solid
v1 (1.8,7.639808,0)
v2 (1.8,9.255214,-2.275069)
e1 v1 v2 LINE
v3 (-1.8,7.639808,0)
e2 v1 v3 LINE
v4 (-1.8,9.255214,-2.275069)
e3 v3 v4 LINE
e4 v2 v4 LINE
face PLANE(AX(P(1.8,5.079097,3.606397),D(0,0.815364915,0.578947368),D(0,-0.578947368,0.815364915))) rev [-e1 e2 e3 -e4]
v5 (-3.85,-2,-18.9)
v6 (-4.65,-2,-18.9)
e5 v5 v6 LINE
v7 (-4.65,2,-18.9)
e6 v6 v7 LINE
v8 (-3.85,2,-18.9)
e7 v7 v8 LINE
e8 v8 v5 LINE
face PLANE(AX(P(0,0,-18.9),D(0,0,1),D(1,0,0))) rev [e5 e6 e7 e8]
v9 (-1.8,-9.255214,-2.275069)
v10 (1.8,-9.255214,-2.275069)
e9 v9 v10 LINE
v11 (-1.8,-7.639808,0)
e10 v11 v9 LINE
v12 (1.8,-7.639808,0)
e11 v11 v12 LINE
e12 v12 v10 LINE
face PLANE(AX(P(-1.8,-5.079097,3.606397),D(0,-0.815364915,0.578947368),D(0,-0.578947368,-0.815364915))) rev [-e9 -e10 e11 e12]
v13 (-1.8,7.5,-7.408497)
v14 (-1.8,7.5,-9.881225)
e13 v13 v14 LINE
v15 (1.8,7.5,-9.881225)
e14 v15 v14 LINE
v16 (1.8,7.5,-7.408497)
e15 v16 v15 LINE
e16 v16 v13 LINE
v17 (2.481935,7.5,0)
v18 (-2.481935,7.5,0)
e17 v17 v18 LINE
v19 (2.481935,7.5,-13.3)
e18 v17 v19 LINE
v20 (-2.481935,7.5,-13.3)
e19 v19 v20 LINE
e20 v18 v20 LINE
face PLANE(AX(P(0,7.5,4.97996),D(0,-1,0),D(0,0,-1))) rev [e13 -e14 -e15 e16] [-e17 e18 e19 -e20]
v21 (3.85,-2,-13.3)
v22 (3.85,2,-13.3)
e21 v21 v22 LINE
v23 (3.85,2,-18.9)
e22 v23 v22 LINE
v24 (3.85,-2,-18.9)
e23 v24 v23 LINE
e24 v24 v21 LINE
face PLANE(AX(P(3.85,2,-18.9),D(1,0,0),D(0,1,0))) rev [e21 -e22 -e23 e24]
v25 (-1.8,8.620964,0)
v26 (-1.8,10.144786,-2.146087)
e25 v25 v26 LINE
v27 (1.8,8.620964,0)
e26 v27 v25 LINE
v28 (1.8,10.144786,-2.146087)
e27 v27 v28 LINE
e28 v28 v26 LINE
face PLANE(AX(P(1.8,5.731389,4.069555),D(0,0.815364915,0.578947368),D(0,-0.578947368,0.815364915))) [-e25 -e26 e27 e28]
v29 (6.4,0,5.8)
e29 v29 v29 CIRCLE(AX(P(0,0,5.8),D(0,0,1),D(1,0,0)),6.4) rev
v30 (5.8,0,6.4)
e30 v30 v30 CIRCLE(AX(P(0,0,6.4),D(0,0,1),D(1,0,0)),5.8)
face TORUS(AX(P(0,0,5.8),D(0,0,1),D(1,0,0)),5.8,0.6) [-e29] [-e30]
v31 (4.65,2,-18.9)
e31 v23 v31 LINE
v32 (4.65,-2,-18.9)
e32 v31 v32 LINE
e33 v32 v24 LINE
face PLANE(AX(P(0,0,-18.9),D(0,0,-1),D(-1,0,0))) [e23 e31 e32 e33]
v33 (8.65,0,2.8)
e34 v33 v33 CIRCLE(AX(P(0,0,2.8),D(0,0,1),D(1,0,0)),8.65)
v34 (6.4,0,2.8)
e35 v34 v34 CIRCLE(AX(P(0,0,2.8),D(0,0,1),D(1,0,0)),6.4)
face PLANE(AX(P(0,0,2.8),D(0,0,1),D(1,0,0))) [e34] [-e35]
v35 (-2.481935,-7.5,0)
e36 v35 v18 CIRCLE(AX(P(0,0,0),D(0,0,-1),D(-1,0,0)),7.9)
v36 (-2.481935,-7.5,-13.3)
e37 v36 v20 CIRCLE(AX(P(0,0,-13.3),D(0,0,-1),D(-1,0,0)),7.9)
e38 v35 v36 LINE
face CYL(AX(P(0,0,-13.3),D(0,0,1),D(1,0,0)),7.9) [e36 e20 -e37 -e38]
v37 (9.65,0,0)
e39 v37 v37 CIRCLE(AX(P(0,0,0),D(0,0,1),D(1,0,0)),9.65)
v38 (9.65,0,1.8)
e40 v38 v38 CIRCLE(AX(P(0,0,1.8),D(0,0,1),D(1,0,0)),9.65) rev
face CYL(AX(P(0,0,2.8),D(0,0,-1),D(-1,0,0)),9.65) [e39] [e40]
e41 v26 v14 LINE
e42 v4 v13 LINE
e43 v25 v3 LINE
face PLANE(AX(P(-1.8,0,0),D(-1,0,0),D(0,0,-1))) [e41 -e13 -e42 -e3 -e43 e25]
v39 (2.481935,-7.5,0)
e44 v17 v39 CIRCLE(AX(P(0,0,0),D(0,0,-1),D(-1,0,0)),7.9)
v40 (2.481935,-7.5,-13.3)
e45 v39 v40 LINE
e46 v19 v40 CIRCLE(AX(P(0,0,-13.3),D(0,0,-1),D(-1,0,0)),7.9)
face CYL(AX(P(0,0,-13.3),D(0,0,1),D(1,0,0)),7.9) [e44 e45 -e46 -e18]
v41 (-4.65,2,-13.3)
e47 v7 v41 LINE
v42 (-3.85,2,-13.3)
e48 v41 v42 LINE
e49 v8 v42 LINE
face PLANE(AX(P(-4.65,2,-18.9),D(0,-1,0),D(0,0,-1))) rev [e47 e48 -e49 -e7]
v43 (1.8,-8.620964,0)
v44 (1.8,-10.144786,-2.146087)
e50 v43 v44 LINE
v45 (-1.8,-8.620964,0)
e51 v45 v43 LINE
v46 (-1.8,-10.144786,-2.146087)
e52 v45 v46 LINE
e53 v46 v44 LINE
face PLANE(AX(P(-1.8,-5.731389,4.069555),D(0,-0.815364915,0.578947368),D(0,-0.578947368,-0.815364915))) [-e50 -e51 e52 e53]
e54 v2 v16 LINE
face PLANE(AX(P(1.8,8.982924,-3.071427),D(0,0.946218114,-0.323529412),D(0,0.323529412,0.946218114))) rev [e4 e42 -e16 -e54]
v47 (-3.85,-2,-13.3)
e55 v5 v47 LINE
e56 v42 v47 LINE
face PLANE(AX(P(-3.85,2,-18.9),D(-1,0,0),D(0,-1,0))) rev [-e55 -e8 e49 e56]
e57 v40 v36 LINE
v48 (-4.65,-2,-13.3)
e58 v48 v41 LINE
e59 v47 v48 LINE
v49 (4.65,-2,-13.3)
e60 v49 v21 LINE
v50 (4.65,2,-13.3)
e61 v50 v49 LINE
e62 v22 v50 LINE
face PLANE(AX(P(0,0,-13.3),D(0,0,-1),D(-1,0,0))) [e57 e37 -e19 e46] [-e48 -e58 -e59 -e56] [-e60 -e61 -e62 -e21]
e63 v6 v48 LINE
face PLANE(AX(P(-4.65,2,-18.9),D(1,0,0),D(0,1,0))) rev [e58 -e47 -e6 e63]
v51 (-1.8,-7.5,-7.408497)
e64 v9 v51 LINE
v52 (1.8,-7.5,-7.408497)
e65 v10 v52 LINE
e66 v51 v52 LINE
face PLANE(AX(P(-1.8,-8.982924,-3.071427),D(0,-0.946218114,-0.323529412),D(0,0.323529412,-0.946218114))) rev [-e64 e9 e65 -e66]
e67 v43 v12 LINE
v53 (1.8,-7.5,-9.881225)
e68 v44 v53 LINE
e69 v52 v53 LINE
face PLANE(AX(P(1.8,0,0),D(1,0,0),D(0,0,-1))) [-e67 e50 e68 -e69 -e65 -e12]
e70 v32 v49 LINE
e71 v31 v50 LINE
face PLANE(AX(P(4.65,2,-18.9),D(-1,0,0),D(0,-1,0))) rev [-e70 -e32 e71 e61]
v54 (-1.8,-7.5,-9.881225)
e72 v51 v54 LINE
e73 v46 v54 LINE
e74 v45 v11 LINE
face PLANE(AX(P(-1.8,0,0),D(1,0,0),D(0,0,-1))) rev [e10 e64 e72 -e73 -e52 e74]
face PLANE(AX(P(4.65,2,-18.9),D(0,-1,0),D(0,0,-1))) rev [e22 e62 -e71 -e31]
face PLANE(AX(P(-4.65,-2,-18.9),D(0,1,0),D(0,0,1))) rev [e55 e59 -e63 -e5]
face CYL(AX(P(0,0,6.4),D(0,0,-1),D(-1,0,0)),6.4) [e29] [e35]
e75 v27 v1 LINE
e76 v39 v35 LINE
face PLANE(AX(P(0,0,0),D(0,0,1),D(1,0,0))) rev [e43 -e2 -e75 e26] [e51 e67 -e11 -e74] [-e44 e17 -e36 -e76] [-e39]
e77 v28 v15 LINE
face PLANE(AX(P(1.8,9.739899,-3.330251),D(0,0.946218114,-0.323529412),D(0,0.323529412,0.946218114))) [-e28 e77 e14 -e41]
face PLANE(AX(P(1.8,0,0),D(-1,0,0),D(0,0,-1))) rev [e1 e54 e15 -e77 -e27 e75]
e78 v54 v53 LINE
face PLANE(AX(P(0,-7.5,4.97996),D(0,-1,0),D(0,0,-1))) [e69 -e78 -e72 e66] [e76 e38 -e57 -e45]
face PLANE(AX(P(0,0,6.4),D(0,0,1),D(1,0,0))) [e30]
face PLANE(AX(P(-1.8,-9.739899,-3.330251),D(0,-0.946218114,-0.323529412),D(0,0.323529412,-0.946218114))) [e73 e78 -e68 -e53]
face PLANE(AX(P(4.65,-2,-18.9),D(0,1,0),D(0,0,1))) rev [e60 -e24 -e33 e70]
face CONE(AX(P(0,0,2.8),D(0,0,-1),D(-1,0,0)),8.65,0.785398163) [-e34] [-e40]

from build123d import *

# Parameters (mm, degrees)
SKETCH1_R           = 9.65
BOSS_EXTRUDE1_DEPTH = 2.8
CHAMFER1_SIZE       = 1
SKETCH2_R           = 6.4
BOSS_EXTRUDE2_DEPTH = 3.6
FILLET1_R           = 0.6
SKETCH3_R           = 7.9
BOSS_EXTRUDE3_DEPTH = 13.3
CUT_EXTRUDE1_START  = -13.3
CUT_EXTRUDE1_DEPTH  = 13.3
SKETCH4_W           = 0.8
SKETCH4_H           = 4
BOSS_EXTRUDE4_DEPTH = 5.6
BOSS_EXTRUDE6_DEPTH = 1.8
CIRPATTERN1_COUNT   = 2


with BuildPart() as part:
    # Sketch1 → Boss-Extrude1 (new body)
    with BuildSketch(Plane.XY):
        Circle(SKETCH1_R)
    extrude(amount=BOSS_EXTRUDE1_DEPTH)

    # Chamfer1
    chamfer1_edges = [part.edges().sort_by_distance(p)[0] for p in [
        (-9.65, 0, 2.8),
    ]]
    chamfer(chamfer1_edges, length=CHAMFER1_SIZE)

    # Sketch2 → Boss-Extrude2 (add)
    with BuildSketch(Plane.XY.offset(2.8)):
        Circle(SKETCH2_R)
    extrude(amount=BOSS_EXTRUDE2_DEPTH)

    # Fillet1
    fillet1_edges = [part.edges().sort_by_distance(p)[0] for p in [
        (-6.4, 0, 6.4),
    ]]
    fillet(fillet1_edges, radius=FILLET1_R)

    # Sketch3 → Boss-Extrude3 (add)
    with BuildSketch(Plane(origin=(0, 0, 0), x_dir=(-1, 0, 0), z_dir=(0, 0, -1))):
        Circle(SKETCH3_R)
    extrude(amount=BOSS_EXTRUDE3_DEPTH)

    # Sketch6 → Cut-Extrude1 (cut)
    with BuildSketch(Plane(origin=(0, 0, -13.3), x_dir=(-1, 0, 0), z_dir=(0, 0, -1)).offset(CUT_EXTRUDE1_START)):
        with BuildLine():
            ThreePointArc((2.481934729, 7.5), (0, 7.9), (-2.481934729, 7.5))
            Line((-2.481934729, 7.5), (2.481934729, 7.5))
        make_face()
        with BuildLine():
            Line((2.481934729, -7.5), (-2.481934729, -7.5))
            ThreePointArc((-2.481934729, -7.5), (0, -7.9), (2.481934729, -7.5))
        make_face()
    extrude(amount=CUT_EXTRUDE1_DEPTH, mode=Mode.SUBTRACT)

    # Sketch4 → Boss-Extrude4 (add)
    with BuildSketch(Plane(origin=(0, 0, -13.3), x_dir=(-1, 0, 0), z_dir=(0, 0, -1))):
        with Locations((4.25, 0)):
            Rectangle(SKETCH4_W, SKETCH4_H)
        with Locations((-4.25, 0)):
            Rectangle(SKETCH4_W, SKETCH4_H)
    extrude(amount=BOSS_EXTRUDE4_DEPTH)

    # Sketch8 → Boss-Extrude6 (add, symmetric)
    with BuildSketch(Plane(origin=(0, 0, 0), x_dir=(0, 0, -1), z_dir=(1, 0, 0))):
        Polygon((0, -7.639808061), (0, -8.620963842), (2.146086769, -10.1447862), (9.881224656, -7.5), (7.408497384, -7.5), (2.275068918, -9.2552138), align=None)
    boss_extrude6 = extrude(amount=BOSS_EXTRUDE6_DEPTH, both=True)

    # CirPattern1: Boss-Extrude6 ×2 about axis
    cirpattern1_axis = Axis((0, 0, -13.3), (0, 0, 1))
    for i in range(1, CIRPATTERN1_COUNT):
        add(boss_extrude6.rotate(cirpattern1_axis, i * 360 / CIRPATTERN1_COUNT))


solid = part.part
